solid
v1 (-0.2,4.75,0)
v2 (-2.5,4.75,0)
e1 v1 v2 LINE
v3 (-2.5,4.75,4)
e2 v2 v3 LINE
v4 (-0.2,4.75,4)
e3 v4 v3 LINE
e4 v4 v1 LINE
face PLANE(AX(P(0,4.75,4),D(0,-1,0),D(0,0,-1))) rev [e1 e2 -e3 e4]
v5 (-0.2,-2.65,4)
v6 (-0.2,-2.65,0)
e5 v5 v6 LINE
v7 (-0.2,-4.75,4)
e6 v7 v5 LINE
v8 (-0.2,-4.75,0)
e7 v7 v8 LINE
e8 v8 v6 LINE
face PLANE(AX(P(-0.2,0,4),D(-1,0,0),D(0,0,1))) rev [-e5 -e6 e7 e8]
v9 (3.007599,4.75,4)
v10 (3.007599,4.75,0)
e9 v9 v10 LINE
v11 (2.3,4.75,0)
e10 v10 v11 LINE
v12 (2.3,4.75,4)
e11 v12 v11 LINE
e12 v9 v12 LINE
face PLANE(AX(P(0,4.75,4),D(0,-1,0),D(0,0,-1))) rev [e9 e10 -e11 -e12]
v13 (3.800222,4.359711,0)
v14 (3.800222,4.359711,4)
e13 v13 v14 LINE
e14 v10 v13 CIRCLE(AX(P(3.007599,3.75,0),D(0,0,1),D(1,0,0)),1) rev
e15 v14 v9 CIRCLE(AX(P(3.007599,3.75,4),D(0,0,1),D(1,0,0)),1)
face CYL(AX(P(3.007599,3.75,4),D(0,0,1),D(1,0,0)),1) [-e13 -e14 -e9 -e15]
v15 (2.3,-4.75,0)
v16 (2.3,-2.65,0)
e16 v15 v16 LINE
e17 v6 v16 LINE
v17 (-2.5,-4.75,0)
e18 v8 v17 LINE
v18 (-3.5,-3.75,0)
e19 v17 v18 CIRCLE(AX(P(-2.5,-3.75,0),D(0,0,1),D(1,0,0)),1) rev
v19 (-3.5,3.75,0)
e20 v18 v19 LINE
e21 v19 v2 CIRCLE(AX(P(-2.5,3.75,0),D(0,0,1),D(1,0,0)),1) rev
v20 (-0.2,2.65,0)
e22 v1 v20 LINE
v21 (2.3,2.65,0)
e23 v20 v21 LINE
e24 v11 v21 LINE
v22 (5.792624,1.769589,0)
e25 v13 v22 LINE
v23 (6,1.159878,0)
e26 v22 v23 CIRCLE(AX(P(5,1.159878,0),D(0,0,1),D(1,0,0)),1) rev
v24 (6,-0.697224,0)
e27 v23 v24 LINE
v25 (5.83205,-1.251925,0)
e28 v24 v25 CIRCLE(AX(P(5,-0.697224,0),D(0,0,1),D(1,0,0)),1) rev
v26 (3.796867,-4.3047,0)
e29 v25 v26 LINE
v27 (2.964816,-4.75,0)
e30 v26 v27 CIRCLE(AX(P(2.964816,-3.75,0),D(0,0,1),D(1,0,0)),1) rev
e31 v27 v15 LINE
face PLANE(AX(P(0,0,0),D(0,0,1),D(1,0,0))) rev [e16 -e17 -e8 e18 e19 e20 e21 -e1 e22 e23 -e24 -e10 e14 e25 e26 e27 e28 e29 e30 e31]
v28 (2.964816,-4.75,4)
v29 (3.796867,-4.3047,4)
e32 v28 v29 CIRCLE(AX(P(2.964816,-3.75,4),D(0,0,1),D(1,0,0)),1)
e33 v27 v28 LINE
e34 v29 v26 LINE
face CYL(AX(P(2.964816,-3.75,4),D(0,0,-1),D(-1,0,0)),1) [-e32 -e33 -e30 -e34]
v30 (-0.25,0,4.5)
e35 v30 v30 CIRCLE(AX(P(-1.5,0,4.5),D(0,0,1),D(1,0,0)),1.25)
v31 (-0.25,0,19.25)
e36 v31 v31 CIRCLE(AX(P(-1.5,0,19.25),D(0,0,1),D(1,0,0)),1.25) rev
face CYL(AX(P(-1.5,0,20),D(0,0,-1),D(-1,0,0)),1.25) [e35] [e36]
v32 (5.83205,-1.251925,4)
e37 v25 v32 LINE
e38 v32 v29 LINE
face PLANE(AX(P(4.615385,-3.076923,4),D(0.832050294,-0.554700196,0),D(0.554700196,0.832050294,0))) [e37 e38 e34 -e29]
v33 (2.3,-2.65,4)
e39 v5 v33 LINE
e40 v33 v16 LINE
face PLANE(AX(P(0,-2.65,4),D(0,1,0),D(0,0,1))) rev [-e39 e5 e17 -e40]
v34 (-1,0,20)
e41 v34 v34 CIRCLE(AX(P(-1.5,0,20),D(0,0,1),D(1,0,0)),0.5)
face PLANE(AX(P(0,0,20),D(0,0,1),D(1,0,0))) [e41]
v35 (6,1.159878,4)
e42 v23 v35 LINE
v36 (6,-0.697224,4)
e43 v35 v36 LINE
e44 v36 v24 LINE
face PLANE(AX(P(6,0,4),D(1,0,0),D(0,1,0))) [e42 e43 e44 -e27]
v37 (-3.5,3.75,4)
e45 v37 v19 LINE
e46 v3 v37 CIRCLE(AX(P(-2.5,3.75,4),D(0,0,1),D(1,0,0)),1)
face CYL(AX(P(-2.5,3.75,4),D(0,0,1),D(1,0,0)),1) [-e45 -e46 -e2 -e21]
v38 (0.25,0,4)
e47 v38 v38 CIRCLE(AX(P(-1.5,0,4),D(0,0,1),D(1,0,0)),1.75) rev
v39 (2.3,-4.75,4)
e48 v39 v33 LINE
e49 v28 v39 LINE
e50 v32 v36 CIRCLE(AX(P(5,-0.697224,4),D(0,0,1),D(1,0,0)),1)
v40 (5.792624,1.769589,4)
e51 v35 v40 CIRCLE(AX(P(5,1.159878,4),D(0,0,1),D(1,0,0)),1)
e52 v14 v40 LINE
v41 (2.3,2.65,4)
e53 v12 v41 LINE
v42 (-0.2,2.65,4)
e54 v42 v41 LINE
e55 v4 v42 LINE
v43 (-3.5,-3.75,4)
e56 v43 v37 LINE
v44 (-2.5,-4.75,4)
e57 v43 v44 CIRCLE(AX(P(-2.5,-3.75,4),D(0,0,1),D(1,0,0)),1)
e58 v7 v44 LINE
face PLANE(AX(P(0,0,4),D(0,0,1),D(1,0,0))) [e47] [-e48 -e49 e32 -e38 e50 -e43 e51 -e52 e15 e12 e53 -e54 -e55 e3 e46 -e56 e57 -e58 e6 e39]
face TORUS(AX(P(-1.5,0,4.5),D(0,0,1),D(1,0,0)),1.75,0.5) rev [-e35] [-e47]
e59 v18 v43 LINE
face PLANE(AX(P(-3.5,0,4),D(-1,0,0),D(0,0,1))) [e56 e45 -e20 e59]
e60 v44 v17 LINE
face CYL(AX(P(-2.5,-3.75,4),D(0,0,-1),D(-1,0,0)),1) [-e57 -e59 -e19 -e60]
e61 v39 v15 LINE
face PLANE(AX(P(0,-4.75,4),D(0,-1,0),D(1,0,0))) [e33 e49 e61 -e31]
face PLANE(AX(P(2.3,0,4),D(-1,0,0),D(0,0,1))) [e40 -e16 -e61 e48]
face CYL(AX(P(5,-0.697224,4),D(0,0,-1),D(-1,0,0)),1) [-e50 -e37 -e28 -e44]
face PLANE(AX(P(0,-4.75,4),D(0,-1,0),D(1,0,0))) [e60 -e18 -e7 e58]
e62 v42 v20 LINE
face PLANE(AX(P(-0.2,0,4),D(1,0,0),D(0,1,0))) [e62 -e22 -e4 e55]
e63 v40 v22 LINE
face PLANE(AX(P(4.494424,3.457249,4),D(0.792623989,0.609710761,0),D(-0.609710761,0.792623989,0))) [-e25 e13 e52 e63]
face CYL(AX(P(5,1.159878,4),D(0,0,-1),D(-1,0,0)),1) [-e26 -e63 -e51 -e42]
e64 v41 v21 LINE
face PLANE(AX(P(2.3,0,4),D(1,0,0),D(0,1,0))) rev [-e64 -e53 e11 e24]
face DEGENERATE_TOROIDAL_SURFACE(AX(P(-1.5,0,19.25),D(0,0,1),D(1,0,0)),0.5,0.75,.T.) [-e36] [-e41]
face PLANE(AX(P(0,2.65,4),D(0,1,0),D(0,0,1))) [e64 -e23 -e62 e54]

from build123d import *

# Parameters (mm, degrees)
BOSS_EXTRUDE1_DEPTH = 4
BOSS_EXTRUDE2_DEPTH = 4
SKETCH3_R           = 1.25
BOSS_EXTRUDE3_DEPTH = 16
FILLET1_R           = 1
FILLET2_R           = 0.5
FILLET3_R           = 0.75


with BuildPart() as part:
    # Sketch1 → Boss-Extrude1 (new body)
    with BuildSketch(Plane.XY):
        Polygon((2.3, -4.75), (3.5, -4.75), (3.5, 4.75), (2.3, 4.75), (2.3, 2.65), (-0.2, 2.65), (-0.2, 4.75), (-3.5, 4.75), (-3.5, -4.75), (-0.2, -4.75), (-0.2, -2.65), (2.3, -2.65), align=None)
    extrude(amount=BOSS_EXTRUDE1_DEPTH)

    # Sketch2 → Boss-Extrude2 (add)
    with BuildSketch(Plane(origin=(0, 0, 0), x_dir=(-1, 0, 0), z_dir=(0, 0, -1))):
        Polygon((-6, 1.5), (-6, -1), (-3.5, -4.75), (-3.5, 4.75), align=None)
    extrude(amount=-BOSS_EXTRUDE2_DEPTH)

    # Sketch3 → Boss-Extrude3 (add)
    with BuildSketch(Plane.XY.offset(4)):
        with Locations((-1.5, 0)):
            Circle(SKETCH3_R)
    extrude(amount=BOSS_EXTRUDE3_DEPTH)

    # Fillet1
    fillet1_edges = [part.edges().sort_by_distance(p)[0] for p in [
        (-3.5, -4.75, 2),
        (-3.5, 4.75, 2),
        (3.5, 4.75, 2),
        (3.5, -4.75, 2),
        (6, -1, 2),
        (6, 1.5, 2),
    ]]
    fillet(fillet1_edges, radius=FILLET1_R)

    # Fillet2
    fillet2_edges = [part.edges().sort_by_distance(p)[0] for p in [
        (-2.75, 0, 4),
    ]]
    fillet(fillet2_edges, radius=FILLET2_R)

    # Fillet3
    fillet3_edges = [part.edges().sort_by_distance(p)[0] for p in [
        (-2.75, 0, 20),
    ]]
    fillet(fillet3_edges, radius=FILLET3_R)


solid = part.part
